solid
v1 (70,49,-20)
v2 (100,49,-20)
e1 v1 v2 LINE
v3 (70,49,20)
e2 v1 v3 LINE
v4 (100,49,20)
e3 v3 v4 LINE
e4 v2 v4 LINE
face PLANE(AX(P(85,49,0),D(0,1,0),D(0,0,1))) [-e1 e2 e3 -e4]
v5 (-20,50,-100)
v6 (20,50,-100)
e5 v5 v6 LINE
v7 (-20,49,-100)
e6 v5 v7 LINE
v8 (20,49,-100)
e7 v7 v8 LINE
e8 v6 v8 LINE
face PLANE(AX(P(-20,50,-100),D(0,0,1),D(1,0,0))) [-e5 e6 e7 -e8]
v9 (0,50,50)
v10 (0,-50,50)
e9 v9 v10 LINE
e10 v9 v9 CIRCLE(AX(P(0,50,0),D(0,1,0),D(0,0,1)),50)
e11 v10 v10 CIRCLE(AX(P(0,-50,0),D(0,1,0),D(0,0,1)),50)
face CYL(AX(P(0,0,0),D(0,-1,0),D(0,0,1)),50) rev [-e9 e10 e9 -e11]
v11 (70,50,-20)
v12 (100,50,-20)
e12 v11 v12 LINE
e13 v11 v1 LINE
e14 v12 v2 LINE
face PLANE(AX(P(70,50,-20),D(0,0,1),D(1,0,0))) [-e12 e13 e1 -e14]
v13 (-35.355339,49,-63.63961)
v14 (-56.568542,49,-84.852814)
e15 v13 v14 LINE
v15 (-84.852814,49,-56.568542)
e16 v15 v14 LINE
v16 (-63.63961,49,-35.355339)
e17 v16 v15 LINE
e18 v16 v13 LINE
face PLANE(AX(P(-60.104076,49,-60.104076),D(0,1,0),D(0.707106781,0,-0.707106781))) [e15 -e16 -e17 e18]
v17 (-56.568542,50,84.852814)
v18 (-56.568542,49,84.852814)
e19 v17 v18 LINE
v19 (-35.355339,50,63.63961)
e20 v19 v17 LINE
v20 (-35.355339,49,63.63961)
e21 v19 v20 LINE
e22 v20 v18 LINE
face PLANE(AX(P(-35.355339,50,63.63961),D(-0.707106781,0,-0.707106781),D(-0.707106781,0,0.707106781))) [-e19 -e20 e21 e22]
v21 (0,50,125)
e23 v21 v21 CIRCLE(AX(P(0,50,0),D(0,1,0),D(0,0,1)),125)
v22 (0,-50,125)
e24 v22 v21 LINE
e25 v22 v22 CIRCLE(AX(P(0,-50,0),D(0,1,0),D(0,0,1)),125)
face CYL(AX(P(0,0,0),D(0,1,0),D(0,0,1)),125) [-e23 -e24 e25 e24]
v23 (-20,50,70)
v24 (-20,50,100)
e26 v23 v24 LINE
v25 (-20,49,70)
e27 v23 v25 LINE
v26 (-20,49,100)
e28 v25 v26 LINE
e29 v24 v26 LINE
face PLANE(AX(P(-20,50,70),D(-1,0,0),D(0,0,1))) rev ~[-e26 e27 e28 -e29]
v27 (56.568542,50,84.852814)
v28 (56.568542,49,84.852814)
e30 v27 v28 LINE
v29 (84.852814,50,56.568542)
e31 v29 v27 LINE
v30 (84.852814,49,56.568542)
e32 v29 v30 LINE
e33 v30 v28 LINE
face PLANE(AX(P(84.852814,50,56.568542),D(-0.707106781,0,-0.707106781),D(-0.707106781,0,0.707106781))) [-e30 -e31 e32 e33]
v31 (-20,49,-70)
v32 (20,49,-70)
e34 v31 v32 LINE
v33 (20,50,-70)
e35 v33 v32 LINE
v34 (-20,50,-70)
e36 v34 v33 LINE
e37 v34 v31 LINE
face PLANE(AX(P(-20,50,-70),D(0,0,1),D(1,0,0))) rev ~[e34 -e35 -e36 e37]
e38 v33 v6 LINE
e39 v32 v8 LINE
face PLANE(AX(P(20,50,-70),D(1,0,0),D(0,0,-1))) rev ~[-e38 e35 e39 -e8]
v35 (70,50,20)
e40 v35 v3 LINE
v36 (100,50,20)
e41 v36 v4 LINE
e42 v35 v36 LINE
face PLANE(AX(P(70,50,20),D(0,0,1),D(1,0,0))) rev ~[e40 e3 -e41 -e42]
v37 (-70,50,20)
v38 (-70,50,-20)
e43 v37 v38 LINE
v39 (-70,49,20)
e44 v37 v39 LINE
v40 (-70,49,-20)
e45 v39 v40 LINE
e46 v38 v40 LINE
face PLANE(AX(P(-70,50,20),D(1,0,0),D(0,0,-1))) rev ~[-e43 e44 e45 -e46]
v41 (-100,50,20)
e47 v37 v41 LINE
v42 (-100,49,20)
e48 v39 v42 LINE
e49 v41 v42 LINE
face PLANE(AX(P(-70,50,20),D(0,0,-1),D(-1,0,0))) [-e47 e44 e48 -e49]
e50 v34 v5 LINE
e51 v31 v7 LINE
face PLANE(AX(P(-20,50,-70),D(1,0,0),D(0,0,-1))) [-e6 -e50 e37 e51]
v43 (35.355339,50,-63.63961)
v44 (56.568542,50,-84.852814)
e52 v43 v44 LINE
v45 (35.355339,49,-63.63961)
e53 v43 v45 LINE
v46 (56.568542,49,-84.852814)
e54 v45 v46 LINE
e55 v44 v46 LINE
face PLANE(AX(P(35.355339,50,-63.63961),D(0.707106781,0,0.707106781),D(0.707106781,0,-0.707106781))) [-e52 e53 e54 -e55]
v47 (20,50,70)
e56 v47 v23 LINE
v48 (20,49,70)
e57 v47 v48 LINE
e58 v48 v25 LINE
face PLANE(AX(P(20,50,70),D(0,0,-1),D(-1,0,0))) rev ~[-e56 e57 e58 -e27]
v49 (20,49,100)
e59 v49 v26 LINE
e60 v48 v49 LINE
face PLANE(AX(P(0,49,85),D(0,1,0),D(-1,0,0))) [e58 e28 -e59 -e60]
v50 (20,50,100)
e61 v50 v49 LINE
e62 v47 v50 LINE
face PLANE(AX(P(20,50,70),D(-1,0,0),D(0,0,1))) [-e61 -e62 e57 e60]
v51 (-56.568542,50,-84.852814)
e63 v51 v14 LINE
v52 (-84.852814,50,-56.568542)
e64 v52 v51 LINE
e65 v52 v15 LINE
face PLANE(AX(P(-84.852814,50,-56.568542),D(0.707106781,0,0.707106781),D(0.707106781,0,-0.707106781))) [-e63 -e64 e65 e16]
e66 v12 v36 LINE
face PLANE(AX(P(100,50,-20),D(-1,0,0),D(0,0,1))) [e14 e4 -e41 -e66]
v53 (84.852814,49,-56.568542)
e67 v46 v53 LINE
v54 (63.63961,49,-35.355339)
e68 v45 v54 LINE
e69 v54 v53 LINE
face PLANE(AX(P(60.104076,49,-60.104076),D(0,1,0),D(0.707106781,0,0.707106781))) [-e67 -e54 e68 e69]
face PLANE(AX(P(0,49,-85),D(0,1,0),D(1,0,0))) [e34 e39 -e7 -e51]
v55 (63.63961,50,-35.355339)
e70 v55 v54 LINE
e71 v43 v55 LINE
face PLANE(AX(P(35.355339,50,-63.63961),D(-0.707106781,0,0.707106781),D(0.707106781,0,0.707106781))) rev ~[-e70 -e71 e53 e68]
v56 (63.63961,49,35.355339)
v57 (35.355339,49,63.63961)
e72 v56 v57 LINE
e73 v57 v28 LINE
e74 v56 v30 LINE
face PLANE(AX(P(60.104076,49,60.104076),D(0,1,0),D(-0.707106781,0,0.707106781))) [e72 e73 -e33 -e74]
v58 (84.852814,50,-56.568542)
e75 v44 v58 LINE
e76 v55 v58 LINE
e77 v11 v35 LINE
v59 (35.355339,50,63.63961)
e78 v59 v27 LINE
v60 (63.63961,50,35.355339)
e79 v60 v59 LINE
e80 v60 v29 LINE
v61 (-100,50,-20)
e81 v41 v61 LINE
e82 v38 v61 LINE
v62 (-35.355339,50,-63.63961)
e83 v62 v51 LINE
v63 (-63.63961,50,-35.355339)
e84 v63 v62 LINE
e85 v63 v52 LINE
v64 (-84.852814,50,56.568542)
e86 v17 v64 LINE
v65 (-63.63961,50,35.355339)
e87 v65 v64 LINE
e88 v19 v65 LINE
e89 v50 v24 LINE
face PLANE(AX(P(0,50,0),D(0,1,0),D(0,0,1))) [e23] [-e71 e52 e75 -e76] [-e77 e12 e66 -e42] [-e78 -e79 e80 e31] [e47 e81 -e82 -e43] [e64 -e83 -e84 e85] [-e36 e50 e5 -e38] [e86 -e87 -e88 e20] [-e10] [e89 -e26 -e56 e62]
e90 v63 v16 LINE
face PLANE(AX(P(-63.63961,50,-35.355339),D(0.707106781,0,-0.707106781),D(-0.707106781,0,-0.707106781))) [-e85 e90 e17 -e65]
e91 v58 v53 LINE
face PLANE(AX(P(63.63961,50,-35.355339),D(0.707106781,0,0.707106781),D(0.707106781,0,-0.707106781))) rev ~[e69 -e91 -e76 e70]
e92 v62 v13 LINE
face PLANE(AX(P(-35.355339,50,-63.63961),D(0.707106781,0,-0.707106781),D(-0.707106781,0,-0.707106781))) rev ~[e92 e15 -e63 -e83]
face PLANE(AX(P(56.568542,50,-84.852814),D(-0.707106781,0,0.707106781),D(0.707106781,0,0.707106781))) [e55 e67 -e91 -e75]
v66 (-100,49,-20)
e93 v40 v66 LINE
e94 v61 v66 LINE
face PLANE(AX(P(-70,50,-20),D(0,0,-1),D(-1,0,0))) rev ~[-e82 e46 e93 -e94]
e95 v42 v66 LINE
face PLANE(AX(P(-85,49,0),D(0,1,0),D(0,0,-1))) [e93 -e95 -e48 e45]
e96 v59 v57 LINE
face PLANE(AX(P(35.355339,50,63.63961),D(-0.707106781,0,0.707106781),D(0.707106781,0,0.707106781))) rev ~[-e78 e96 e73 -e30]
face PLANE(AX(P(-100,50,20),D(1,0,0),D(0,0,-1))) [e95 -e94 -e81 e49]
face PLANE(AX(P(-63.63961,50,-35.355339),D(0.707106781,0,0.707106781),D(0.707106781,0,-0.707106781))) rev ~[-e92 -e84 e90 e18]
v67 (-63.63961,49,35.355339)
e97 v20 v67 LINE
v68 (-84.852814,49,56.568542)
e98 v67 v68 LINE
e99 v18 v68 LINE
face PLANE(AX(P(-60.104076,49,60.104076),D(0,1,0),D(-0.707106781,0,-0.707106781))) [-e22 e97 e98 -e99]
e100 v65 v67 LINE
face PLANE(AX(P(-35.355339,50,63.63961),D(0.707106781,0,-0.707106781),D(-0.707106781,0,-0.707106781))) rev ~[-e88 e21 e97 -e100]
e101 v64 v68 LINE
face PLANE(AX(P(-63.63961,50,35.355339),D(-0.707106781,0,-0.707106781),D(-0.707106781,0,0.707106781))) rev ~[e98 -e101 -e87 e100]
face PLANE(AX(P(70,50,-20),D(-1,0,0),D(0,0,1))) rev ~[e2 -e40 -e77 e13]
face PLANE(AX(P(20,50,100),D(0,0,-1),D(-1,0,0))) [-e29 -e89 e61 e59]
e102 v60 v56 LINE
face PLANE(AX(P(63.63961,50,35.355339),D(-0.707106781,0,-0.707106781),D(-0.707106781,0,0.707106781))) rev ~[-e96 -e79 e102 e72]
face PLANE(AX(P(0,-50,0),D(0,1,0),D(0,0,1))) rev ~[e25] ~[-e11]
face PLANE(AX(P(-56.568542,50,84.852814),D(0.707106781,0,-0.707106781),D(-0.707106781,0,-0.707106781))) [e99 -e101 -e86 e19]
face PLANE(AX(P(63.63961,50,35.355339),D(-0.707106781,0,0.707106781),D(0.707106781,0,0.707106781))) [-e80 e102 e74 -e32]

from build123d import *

# Parameters (mm, degrees)
SKETCH1_R           = 125
SKETCH1_R_2         = 50
BOSS_EXTRUDE1_DEPTH = 50
SKETCH2_W           = 40
SKETCH2_H           = 30
CUT_EXTRUDE1_DEPTH  = 1
CIRPATTERN1_COUNT   = 8


with BuildPart() as part:
    # Sketch1 → Boss-Extrude1 (new, symmetric)
    with BuildSketch(Plane(origin=(0, 0, 0), x_dir=(1, 0, 0), z_dir=(0, 1, 0))):
        with Locations(Location((0, 0, 0), (0, 0, 270))):
            Circle(SKETCH1_R)
        with Locations(Location((0, 0, 0), (0, 0, 270))):
            Circle(SKETCH1_R_2, mode=Mode.SUBTRACT)
    extrude(amount=BOSS_EXTRUDE1_DEPTH, both=True)

    # Sketch2 → Cut-Extrude1 (cut)
    with BuildSketch(Plane(origin=(0, 50, 0), x_dir=(1, 0, 0), z_dir=(0, 1, 0))):
        with Locations((0, 85)):
            Rectangle(SKETCH2_W, SKETCH2_H)
    cut_extrude1 = extrude(amount=-CUT_EXTRUDE1_DEPTH, mode=Mode.SUBTRACT)

    # CirPattern1: Cut-Extrude1 ×8 about axis
    cirpattern1_axis = Axis((0, 0, 0), (0, 1, 0))
    for i in range(1, CIRPATTERN1_COUNT):
        add(cut_extrude1.rotate(cirpattern1_axis, i * 360 / CIRPATTERN1_COUNT), mode=Mode.SUBTRACT)


solid = part.part
